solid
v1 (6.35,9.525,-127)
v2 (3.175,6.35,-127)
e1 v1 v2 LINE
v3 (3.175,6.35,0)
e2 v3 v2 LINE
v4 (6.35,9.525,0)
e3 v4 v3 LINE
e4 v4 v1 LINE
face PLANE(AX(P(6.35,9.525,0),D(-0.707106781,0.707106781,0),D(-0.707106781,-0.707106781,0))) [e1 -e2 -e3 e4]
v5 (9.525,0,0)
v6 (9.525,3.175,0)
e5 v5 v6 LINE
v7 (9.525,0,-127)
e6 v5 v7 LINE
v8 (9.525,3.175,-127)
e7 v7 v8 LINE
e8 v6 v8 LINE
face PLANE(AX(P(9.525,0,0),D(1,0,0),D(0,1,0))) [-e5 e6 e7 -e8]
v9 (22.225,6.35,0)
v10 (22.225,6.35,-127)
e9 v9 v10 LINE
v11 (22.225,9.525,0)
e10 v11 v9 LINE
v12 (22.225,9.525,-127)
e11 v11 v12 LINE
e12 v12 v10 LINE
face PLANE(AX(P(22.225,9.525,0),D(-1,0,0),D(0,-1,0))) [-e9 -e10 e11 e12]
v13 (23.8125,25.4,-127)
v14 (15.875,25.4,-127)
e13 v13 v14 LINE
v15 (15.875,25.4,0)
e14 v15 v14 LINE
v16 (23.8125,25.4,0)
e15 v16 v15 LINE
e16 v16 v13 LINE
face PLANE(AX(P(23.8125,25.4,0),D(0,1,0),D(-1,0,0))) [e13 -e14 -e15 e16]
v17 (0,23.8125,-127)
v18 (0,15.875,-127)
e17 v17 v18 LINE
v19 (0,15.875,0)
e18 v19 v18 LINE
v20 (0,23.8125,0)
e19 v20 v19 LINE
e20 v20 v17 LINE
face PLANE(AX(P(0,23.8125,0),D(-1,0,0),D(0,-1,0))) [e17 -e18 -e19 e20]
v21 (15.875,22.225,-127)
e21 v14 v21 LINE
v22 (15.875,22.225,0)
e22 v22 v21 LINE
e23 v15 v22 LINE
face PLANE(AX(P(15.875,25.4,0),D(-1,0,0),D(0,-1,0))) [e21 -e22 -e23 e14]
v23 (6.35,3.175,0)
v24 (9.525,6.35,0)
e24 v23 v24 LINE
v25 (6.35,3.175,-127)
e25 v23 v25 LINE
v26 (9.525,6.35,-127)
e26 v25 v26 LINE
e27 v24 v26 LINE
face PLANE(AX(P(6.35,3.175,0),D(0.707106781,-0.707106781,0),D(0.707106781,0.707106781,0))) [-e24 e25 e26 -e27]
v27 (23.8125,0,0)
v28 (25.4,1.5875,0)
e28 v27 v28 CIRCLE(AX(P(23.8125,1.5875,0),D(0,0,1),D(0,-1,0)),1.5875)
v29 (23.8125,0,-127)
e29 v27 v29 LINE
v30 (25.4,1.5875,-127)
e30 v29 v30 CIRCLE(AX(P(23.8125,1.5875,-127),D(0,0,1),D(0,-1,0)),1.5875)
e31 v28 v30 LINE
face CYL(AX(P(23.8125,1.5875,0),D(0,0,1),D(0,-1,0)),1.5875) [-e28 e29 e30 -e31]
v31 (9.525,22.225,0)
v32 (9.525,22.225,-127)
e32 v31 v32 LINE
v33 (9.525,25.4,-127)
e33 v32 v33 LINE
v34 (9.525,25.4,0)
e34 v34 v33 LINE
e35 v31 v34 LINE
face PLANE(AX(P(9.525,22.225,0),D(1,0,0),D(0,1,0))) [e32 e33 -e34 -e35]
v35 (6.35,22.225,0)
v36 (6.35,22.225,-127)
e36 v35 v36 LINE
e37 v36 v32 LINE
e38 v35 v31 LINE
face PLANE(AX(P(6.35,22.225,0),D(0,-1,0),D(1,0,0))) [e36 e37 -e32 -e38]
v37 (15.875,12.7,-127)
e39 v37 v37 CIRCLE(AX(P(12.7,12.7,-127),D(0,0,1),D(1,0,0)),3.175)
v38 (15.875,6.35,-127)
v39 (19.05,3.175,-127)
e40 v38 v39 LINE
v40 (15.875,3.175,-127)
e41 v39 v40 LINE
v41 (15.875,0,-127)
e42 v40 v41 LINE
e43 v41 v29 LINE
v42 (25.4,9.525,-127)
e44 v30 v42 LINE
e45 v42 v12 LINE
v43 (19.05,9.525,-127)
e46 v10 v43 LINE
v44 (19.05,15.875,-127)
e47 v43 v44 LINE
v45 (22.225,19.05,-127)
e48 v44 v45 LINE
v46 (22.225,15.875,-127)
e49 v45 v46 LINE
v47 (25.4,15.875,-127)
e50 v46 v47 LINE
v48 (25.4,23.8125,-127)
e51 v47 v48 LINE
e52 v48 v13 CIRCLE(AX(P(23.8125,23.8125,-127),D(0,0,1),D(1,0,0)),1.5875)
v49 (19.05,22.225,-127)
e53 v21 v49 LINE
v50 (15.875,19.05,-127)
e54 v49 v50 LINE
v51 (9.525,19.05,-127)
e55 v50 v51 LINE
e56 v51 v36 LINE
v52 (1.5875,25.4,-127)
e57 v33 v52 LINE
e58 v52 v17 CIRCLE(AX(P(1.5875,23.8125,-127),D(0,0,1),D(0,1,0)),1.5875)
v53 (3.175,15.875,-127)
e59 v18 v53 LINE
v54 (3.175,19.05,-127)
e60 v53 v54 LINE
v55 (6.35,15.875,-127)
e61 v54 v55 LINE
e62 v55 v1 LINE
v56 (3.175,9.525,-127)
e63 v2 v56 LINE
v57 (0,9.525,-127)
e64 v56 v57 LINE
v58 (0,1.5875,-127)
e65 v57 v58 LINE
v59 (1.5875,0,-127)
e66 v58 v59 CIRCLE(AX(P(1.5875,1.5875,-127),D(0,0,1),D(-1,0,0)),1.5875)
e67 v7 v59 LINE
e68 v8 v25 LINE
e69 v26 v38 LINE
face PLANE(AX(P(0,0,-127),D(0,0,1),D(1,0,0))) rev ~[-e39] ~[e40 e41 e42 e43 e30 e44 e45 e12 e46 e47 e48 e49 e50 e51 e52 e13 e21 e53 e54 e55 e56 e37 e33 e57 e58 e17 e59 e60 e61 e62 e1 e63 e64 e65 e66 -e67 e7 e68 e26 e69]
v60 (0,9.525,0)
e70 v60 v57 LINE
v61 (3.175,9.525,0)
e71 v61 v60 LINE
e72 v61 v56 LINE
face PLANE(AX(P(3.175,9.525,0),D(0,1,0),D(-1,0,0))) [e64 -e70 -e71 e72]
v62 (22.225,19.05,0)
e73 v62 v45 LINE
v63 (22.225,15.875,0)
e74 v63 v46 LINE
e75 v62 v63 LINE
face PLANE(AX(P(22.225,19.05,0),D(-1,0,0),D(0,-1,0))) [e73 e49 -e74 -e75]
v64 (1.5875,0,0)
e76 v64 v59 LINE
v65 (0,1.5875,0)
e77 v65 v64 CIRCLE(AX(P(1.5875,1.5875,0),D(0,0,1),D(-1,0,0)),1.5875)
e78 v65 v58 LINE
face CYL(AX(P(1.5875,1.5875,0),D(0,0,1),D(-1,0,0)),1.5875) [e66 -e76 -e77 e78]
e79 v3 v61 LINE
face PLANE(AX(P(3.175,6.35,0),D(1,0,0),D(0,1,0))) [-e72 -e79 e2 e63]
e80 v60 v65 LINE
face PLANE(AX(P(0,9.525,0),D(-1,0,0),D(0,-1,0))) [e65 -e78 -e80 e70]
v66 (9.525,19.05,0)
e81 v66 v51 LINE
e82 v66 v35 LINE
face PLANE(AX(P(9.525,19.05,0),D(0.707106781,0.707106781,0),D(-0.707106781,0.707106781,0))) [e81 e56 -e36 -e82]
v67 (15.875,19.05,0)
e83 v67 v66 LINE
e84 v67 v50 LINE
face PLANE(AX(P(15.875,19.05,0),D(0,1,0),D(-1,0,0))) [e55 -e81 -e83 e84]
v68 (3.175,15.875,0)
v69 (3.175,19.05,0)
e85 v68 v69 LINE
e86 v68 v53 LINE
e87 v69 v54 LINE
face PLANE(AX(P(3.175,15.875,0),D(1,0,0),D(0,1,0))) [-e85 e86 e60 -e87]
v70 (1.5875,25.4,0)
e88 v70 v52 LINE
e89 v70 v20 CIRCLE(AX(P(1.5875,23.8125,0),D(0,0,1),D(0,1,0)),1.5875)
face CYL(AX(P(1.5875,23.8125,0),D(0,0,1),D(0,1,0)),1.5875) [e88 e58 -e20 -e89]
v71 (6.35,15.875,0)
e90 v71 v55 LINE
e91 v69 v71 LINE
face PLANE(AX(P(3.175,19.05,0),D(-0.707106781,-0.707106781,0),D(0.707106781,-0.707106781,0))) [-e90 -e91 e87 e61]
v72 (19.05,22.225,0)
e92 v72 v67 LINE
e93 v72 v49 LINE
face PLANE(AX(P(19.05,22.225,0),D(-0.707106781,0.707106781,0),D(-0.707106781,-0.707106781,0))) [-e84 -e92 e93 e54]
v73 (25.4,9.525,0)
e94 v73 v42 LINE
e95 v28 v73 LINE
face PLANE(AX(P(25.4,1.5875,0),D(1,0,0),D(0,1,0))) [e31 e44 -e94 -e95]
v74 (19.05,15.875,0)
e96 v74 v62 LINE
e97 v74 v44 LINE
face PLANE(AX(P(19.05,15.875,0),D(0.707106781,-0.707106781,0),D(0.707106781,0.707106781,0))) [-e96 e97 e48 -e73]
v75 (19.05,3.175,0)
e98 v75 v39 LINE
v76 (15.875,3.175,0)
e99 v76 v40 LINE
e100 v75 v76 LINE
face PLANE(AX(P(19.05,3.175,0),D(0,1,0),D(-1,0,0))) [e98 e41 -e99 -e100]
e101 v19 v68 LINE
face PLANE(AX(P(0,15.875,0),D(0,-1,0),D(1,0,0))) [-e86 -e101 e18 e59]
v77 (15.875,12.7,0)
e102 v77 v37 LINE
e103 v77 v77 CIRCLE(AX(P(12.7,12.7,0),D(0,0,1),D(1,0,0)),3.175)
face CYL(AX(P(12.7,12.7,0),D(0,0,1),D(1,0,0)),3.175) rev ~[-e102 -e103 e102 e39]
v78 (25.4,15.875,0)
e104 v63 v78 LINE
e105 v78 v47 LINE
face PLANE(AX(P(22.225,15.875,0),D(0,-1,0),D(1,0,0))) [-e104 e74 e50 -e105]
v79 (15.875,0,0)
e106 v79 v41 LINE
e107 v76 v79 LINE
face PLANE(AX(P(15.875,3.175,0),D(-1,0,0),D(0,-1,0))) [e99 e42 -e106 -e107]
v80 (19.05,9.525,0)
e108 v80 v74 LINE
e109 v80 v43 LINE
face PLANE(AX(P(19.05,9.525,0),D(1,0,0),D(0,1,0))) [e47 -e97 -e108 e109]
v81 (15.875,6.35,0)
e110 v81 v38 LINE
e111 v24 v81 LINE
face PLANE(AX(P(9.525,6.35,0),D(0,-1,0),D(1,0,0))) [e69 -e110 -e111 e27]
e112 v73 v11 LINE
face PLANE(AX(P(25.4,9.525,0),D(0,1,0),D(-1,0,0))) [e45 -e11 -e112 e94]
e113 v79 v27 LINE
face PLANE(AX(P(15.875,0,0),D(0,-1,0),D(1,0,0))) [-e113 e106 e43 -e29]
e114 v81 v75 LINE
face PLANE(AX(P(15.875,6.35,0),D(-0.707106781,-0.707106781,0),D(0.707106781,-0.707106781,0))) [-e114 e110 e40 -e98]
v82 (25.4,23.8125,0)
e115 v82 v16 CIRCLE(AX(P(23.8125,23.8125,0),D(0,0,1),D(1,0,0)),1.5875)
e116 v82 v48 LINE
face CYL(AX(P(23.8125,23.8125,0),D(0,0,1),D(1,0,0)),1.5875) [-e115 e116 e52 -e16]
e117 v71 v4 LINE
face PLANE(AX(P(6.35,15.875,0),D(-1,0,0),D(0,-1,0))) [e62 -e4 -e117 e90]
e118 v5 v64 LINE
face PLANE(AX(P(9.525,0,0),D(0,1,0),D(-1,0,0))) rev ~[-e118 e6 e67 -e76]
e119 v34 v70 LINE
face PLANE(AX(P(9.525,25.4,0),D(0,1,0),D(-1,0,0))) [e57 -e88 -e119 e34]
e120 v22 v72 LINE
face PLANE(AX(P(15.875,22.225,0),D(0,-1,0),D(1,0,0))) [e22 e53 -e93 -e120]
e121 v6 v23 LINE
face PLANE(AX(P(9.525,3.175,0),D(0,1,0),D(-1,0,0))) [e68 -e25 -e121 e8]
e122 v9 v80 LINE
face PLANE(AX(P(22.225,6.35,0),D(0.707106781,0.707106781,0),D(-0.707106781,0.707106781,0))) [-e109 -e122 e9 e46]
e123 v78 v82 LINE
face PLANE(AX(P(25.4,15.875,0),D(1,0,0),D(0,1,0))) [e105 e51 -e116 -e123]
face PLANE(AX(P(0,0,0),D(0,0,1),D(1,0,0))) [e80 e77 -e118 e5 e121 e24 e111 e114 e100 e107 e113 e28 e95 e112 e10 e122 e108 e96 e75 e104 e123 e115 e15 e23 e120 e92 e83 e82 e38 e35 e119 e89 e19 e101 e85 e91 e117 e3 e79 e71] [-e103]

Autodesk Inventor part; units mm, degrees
ref_plane "YZ Plane" through (0, 0, 0) normal (1, 0, 0) x (0, 1, 0)
ref_plane "XZ Plane" through (0, 0, 0) normal (0, 1, 0) x (-1, 0, 0)
ref_plane "XY Plane" through (0, 0, 0) normal (0, 0, 1) x (1, 0, 0)
sketch "Sketch1" plane through (0, 0, 0) normal (0, 0, 1) x (1, 0, 0)
  line L0 (0, 15.875) -> (3.175, 15.875)
  line L1 (3.175, 15.875) -> (3.175, 19.05)
  line L2 (3.175, 19.05) -> (6.35, 15.875)
  line L3 (6.35, 15.875) -> (6.35, 9.525)
  line L4 (6.35, 9.525) -> (3.175, 6.35)
  line L5 (3.175, 6.35) -> (3.175, 9.525)
  line L6 (3.175, 9.525) -> (0, 9.525)
  line L7 (9.525, 0) -> (9.525, 3.175)
  line L8 (9.525, 3.175) -> (6.35, 3.175)
  line L9 (6.35, 3.175) -> (9.525, 6.35)
  line L10 (9.525, 6.35) -> (15.875, 6.35)
  line L11 (15.875, 6.35) -> (19.05, 3.175)
  line L12 (19.05, 3.175) -> (15.875, 3.175)
  line L13 (15.875, 3.175) -> (15.875, 0)
  line L14 (25.4, 9.525) -> (22.225, 9.525)
  line L15 (22.225, 9.525) -> (22.225, 6.35)
  line L16 (22.225, 6.35) -> (19.05, 9.525)
  line L17 (19.05, 9.525) -> (19.05, 15.875)
  line L18 (19.05, 15.875) -> (22.225, 19.05)
  line L19 (22.225, 19.05) -> (22.225, 15.875)
  line L20 (22.225, 15.875) -> (25.4, 15.875)
  line L21 (15.875, 25.4) -> (15.875, 22.225)
  line L22 (15.875, 22.225) -> (19.05, 22.225)
  line L23 (19.05, 22.225) -> (15.875, 19.05)
  line L24 (15.875, 19.05) -> (9.525, 19.05)
  line L25 (9.525, 19.05) -> (6.35, 22.225)
  line L26 (6.35, 22.225) -> (9.525, 22.225)
  line L27 (9.525, 22.225) -> (9.525, 25.4)
  circle A0 centre (12.7, 12.7) radius 3.175
  line L28 (0, 23.8125) -> (0, 15.875)
  line L29 (0, 9.525) -> (0, 1.5875)
  line L30 (9.525, 0) -> (1.5875, 0)
  line L31 (15.875, 0) -> (23.8125, 0)
  line L32 (25.4, 1.5875) -> (25.4, 9.525)
  line L33 (25.4, 15.875) -> (25.4, 23.8125)
  line L34 (23.8125, 25.4) -> (15.875, 25.4)
  line L35 (9.525, 25.4) -> (1.5875, 25.4)
  arc A1 (0, 1.5875) -> (1.5875, 0) centre (1.5875, 1.5875) ccw
  arc A2 (1.5875, 25.4) -> (0, 23.8125) centre (1.5875, 23.8125) ccw
  arc A3 (25.4, 23.8125) -> (23.8125, 25.4) centre (23.8125, 23.8125) ccw
  arc A4 (23.8125, 0) -> (25.4, 1.5875) centre (23.8125, 1.5875) ccw
  point P0 (0, 0)
  point P1 (25.4, 0)
  point P2 (0, 25.4)
  dimension "d5" = 6.35
  dimension "d7" = 12.7
  dimension "d8" = 3.175
  dimension "d9" = 3.175
  dimension "d13" = 360
  dimension "d15" = 6.35
  dimension "d16" = 1.5875
extrude "Extrusion2" add sketch "Sketch1" against normal blind 127
properties part number "motor stop for turret"
